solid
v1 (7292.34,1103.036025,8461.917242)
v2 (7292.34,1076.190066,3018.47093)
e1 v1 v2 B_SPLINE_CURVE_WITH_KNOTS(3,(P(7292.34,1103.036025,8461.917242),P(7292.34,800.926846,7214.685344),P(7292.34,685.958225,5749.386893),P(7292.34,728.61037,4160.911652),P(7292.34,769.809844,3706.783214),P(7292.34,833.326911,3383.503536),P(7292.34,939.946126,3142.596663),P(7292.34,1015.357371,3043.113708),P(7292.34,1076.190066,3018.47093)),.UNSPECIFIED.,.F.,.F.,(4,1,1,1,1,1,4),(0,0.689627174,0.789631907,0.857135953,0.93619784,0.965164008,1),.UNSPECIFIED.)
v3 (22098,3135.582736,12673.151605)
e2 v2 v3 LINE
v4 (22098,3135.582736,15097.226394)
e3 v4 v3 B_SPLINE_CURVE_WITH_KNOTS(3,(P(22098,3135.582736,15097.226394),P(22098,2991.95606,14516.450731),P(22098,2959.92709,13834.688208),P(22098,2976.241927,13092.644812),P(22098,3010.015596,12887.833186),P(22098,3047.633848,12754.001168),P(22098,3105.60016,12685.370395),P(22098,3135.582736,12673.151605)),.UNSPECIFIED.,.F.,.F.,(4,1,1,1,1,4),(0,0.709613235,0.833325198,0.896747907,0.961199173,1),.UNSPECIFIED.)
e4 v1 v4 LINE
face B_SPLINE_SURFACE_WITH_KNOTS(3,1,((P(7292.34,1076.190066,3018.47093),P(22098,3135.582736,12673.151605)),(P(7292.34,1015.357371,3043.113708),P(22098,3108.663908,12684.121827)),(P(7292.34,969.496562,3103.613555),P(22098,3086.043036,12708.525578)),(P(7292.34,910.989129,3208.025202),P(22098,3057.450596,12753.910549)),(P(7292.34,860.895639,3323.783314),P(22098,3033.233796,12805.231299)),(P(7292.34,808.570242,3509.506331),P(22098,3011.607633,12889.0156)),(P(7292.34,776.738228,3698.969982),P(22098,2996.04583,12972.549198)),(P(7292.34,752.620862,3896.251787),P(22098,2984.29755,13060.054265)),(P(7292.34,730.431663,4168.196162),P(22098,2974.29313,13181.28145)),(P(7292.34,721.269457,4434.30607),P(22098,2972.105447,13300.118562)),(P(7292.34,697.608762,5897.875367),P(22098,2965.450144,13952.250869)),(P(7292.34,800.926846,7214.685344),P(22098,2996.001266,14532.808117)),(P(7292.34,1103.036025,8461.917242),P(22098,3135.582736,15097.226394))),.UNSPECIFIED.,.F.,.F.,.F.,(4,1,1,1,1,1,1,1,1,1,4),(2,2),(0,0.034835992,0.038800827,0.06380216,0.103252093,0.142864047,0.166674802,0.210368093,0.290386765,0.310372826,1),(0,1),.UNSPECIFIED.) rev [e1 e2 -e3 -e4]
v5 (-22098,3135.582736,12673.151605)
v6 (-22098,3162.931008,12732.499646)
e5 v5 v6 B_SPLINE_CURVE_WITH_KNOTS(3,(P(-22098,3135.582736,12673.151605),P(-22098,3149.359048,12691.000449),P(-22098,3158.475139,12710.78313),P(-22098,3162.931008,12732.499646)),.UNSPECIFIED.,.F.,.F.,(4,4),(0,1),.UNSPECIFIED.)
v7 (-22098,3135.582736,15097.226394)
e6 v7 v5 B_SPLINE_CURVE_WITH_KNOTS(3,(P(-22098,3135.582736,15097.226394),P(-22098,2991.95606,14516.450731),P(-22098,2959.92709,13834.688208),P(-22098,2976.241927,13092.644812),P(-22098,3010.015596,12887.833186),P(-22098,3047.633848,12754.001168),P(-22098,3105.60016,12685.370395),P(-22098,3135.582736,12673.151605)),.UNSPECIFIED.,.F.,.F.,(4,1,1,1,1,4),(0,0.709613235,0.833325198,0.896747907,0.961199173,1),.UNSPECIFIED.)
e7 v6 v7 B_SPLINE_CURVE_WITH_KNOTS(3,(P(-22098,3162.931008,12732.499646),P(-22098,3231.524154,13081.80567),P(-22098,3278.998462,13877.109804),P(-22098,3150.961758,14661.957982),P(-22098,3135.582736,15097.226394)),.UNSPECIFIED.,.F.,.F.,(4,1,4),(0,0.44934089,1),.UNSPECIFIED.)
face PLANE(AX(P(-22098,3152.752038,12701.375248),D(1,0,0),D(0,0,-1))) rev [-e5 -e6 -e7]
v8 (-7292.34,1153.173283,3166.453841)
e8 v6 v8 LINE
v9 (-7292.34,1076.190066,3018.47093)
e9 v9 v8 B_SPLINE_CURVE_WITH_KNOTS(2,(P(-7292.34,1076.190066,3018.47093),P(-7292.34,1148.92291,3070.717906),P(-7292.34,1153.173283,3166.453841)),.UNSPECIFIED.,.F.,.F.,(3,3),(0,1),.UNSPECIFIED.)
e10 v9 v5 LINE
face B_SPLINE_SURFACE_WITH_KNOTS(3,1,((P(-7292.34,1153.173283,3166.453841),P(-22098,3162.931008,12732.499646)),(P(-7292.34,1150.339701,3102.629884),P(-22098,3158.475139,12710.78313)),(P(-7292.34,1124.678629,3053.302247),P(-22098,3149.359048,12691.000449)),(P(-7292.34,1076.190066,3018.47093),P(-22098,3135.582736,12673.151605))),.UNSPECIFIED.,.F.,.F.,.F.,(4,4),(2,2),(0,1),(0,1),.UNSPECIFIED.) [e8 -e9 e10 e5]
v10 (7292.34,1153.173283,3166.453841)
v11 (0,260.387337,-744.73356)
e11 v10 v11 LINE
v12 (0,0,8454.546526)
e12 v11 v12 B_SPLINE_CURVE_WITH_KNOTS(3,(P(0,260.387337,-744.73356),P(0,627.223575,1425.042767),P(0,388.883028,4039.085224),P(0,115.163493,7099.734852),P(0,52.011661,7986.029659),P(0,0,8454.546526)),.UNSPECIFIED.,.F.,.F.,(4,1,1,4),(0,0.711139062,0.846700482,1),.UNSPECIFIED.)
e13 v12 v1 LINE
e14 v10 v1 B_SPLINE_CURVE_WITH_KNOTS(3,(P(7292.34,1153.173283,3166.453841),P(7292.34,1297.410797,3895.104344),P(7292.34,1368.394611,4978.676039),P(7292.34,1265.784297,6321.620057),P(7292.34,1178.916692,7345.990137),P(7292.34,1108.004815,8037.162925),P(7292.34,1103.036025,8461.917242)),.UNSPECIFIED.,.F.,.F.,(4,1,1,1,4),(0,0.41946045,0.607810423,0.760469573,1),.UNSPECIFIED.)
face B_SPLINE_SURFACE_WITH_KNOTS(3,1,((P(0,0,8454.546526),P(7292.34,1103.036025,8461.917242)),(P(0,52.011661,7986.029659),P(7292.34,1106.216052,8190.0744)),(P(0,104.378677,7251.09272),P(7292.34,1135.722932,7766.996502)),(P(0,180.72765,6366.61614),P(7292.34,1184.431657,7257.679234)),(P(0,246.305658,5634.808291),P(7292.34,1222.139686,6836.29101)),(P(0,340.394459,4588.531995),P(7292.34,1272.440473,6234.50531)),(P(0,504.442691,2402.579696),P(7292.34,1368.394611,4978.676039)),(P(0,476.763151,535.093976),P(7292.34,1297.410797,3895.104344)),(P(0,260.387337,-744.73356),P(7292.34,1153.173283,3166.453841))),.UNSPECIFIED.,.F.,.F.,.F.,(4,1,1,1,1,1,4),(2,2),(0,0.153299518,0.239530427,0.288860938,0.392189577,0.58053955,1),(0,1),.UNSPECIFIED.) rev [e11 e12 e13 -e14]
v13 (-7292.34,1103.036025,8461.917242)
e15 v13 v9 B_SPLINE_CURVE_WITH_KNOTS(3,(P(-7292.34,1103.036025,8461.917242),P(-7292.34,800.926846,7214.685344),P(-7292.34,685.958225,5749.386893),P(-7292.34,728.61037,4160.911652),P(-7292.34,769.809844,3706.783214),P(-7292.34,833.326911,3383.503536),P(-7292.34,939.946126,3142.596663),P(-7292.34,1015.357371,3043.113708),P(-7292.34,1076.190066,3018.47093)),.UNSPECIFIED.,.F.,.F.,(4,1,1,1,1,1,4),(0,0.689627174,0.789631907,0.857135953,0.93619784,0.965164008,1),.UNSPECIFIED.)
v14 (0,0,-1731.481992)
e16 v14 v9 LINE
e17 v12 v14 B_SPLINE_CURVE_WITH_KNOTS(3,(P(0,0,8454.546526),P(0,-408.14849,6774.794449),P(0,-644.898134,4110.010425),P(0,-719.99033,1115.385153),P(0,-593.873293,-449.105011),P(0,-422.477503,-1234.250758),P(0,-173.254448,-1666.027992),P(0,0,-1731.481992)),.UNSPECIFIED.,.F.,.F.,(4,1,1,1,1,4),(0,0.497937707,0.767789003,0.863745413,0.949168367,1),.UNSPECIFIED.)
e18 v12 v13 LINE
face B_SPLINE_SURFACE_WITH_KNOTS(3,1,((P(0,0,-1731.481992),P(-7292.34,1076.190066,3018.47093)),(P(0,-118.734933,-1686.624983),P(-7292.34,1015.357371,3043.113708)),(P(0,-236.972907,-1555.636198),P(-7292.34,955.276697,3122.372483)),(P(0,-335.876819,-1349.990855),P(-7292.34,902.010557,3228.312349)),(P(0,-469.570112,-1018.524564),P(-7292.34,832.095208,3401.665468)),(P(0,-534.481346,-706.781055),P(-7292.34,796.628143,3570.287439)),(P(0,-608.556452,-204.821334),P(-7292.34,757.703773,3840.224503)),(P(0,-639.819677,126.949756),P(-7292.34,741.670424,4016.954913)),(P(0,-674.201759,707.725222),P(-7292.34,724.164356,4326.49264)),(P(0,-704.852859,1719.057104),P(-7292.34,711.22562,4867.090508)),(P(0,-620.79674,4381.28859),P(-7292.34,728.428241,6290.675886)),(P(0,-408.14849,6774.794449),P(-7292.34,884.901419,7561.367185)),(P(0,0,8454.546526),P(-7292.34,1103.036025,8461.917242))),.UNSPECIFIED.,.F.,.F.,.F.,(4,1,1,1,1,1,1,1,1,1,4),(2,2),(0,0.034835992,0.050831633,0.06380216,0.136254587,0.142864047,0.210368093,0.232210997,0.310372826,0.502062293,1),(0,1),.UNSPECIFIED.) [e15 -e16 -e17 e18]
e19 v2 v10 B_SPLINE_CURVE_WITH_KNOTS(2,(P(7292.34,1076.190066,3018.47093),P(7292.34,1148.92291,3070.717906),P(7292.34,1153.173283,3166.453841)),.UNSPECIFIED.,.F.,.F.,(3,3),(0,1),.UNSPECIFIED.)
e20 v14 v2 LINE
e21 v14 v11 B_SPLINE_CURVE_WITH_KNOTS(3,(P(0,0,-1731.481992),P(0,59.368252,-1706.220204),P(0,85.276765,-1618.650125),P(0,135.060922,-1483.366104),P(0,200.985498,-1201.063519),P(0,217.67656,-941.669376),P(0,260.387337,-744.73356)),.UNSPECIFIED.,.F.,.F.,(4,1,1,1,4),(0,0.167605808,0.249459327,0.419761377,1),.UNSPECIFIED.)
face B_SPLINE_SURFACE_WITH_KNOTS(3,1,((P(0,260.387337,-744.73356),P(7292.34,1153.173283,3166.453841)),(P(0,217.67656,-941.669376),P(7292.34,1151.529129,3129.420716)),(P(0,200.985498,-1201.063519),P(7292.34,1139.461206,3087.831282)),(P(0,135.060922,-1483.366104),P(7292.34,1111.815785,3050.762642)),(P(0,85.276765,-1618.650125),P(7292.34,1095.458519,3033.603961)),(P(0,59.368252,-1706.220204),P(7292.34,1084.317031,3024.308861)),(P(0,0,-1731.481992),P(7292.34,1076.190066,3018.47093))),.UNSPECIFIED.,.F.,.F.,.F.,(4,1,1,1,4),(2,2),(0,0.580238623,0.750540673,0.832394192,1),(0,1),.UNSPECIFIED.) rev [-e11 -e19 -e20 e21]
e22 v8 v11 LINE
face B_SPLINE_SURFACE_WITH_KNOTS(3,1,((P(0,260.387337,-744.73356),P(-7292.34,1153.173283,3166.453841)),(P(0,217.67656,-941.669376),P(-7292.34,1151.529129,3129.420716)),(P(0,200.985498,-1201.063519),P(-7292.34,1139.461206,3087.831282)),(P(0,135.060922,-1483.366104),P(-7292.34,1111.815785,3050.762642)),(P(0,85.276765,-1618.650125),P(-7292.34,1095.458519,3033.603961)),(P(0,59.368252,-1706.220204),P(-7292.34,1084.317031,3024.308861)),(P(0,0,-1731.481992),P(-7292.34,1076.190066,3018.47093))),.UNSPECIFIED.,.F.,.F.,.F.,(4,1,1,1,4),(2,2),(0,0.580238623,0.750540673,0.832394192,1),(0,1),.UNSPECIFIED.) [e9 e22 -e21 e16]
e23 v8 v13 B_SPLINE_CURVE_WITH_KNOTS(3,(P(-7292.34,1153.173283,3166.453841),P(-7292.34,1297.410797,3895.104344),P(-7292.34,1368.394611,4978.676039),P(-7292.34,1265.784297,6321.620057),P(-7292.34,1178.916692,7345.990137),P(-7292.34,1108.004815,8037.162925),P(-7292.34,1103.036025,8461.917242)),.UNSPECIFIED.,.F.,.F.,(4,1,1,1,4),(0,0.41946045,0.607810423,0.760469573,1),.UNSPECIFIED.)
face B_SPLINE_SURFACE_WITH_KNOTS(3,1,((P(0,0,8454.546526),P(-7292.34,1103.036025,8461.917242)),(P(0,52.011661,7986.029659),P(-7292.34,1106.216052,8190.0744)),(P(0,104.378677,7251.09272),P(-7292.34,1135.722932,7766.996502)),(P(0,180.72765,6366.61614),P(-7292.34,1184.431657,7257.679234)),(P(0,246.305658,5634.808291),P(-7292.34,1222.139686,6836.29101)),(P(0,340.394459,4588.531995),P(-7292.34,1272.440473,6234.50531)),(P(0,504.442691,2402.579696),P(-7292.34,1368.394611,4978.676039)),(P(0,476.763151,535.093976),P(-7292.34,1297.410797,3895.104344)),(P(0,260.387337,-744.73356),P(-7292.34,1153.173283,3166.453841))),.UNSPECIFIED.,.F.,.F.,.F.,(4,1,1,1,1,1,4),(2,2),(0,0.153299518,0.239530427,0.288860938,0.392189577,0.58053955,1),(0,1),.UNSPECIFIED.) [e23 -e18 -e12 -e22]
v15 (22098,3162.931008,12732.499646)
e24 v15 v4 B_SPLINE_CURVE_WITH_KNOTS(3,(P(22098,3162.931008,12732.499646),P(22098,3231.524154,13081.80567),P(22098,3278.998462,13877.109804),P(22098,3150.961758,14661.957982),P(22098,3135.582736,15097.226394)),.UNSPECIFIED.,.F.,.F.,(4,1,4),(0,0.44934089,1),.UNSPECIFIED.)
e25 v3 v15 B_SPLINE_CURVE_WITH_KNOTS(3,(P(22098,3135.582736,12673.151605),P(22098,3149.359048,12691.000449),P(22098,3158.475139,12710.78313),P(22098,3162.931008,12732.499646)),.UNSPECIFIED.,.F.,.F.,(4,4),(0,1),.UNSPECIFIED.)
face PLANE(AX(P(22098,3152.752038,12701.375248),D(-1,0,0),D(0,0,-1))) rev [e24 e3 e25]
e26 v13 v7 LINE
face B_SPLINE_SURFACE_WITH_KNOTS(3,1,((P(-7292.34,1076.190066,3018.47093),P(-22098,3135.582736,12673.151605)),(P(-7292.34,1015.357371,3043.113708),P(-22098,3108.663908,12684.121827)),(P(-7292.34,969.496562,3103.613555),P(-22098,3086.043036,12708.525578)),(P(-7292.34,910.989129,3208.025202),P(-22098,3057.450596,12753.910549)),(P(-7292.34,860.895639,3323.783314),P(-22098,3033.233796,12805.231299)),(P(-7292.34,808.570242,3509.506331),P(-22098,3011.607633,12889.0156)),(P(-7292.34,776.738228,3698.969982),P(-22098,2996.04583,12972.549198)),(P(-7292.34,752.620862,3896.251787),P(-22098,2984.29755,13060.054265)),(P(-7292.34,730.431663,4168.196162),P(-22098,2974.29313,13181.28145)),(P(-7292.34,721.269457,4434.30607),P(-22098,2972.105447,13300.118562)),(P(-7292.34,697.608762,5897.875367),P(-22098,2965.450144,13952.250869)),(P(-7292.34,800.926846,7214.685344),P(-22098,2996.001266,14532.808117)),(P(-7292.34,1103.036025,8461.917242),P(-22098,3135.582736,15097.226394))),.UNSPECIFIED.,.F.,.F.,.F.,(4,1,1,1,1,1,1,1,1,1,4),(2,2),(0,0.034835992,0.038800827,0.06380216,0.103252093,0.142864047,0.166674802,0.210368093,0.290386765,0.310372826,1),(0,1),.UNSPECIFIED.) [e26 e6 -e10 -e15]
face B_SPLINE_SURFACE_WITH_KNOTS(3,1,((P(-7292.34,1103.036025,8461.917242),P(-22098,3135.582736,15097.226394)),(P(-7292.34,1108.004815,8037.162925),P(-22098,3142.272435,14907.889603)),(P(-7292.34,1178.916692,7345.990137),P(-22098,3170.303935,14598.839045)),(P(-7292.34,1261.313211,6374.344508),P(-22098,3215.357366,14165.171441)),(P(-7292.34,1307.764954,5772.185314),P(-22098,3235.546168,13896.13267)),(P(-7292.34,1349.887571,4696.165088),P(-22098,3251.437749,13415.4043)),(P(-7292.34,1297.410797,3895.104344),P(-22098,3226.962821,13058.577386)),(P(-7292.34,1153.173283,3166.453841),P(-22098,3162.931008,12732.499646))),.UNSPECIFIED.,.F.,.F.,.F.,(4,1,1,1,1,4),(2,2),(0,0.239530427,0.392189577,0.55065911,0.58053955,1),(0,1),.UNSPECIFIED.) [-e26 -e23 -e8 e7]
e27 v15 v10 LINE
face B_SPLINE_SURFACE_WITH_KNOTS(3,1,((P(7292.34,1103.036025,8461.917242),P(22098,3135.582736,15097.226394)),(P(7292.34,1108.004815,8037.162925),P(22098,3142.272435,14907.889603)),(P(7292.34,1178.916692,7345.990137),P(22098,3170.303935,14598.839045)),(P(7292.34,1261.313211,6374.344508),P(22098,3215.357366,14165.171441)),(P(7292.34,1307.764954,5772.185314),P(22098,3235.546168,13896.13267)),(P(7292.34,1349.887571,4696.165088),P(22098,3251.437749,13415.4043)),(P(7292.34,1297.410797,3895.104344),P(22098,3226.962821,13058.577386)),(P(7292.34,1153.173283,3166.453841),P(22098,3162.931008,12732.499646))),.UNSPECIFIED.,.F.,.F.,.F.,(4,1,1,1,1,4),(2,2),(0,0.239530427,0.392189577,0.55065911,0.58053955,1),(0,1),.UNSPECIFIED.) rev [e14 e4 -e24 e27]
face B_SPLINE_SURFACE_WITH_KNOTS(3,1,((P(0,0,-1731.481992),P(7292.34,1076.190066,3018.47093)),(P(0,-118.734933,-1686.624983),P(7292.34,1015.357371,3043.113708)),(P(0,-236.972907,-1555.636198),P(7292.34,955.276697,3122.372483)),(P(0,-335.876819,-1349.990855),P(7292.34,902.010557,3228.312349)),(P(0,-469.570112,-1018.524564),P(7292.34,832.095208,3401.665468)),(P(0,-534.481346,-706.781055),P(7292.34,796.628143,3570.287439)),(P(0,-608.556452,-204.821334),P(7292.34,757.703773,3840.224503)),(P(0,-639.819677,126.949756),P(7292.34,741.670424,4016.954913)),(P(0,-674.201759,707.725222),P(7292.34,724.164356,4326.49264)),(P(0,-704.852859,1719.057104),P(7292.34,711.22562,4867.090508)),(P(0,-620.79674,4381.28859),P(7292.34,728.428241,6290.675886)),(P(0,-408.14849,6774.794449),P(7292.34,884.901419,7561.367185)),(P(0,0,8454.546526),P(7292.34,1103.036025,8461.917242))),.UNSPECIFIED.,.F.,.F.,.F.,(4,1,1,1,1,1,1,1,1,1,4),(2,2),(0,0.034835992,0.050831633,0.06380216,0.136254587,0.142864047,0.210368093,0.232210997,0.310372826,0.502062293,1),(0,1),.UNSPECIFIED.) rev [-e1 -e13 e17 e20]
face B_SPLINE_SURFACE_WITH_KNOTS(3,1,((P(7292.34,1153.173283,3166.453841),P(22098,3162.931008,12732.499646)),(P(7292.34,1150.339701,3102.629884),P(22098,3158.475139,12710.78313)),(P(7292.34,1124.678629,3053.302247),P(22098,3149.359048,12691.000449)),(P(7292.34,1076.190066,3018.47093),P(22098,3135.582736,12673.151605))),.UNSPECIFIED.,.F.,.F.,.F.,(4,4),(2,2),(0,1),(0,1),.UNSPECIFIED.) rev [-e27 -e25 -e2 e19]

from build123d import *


with BuildPart() as part:
    # Sketch13 → Loft6 section 0
    with BuildSketch(Plane(origin=(0, 0, 0), x_dir=(0, 0, -1), z_dir=(1, 0, 0))):
        with BuildLine():
            add(Edge.make_bspline(
                [(1731.481992337, 0), (1706.220204494, 59.368252083), (1618.650124958, 85.276765455), (1483.366103783, 135.060922072), (1201.063518939, 200.98549817), (941.669375822, 217.676560238), (744.733559914, 260.387336811)],
                knots=[0, 0, 0, 0, 0.167605808, 0.249459327, 0.419761377, 1, 1, 1, 1], degree=3))
            add(Edge.make_bspline(
                [(-8454.546526407, 0), (-7986.029658749, 52.011660721), (-7099.734851668, 115.163493138), (-4039.08522406, 388.883028171), (-1425.042767402, 627.223575333), (744.733559914, 260.387336811)],
                knots=[0, 0, 0, 0, 0.153299518, 0.288860938, 1, 1, 1, 1], degree=3))
            add(Edge.make_bspline(
                [(-8454.546526407, 0), (-6774.794448789, -408.148490453), (-4110.010425407, -644.898134091), (-1115.385153468, -719.990329528), (449.105010635, -593.873292516), (1234.250758352, -422.47750346), (1666.027991532, -173.254447714), (1731.481992337, 0)],
                knots=[0, 0, 0, 0, 0.497937707, 0.767789003, 0.863745413, 0.949168367, 1, 1, 1, 1], degree=3))
        make_face()
    # Sketch14 → Loft6 section 1
    with BuildSketch(Plane(origin=(-7292.34, 0, 0), x_dir=(0, 0, -1), z_dir=(1, 0, 0))):
        with BuildLine():
            add(Edge.make_bspline(
                [(-8461.917241502, 1103.03602541), (-8037.162924838, 1108.004815157), (-7345.990137406, 1178.916691529), (-6321.62005709, 1265.784297019), (-4978.676038846, 1368.394611091), (-3895.104344257, 1297.41079666), (-3166.45384114, 1153.173283241)],
                knots=[0, 0, 0, 0, 0.239530427, 0.392189577, 0.58053955, 1, 1, 1, 1], degree=3))
            add(Edge.make_bspline(
                [(-3166.45384114, 1153.173283241), (-3070.717905723, 1148.922910019), (-3018.470929597, 1076.190066203)],
                knots=[0, 0, 0, 1, 1, 1], degree=2))
            add(Edge.make_bspline(
                [(-3018.470929597, 1076.190066203), (-3043.11370786, 1015.357370525), (-3142.59666317, 939.946125577), (-3383.503535594, 833.326910748), (-3706.783214469, 769.809843595), (-4160.911652073, 728.610370403), (-5749.386892825, 685.958224544), (-7214.685344302, 800.926845986), (-8461.917241502, 1103.03602541)],
                knots=[0, 0, 0, 0, 0.034835992, 0.06380216, 0.142864047, 0.210368093, 0.310372826, 1, 1, 1, 1], degree=3))
        make_face()
    loft()

    # Sketch12 → section 1 of loft7
    with BuildSketch(Plane(origin=(-22098, 0, 0), x_dir=(0, 0, -1), z_dir=(1, 0, 0)), mode=Mode.PRIVATE) as loft7_s1:
        with BuildLine():
            add(Edge.make_bspline(
                [(-12673.15160455, 3135.582736216), (-12685.370395384, 3105.600159778), (-12754.001168296, 3047.633847741), (-12887.833185864, 3010.015595563), (-13092.644812037, 2976.241927262), (-13834.688208071, 2959.927090239), (-14516.450731421, 2991.956060439), (-15097.226393822, 3135.582736216)],
                knots=[0, 0, 0, 0, 0.038800827, 0.103252093, 0.166674802, 0.290386765, 1, 1, 1, 1], degree=3))
            add(Edge.make_bspline(
                [(-15097.226393822, 3135.582736216), (-14661.957981708, 3150.961757758), (-13877.109803846, 3278.998461809), (-13081.80567019, 3231.524154104), (-12732.499646248, 3162.93100812)],
                knots=[0, 0, 0, 0, 0.55065911, 1, 1, 1, 1], degree=3))
            add(Edge.make_bspline(
                [(-12732.499646248, 3162.93100812), (-12710.78312966, 3158.475139061), (-12691.000449094, 3149.359048426), (-12673.15160455, 3135.582736216)],
                knots=[0, 0, 0, 0, 1, 1, 1, 1], degree=3))
        make_face()
    # loft from a face of the part (loft7)
    loft([part.faces().sort_by_distance((-7292.34, 1020.91354002, 5379.218498956))[0], loft7_s1.sketch])

    # Mirror6: part across plane


with BuildPart() as part_1:
    add(part.part)
    add(part.part.mirror(Plane(origin=(0, 0, 0), x_dir=(0, 0, 1), z_dir=(1, 0, 0))))


solid = part_1.part
